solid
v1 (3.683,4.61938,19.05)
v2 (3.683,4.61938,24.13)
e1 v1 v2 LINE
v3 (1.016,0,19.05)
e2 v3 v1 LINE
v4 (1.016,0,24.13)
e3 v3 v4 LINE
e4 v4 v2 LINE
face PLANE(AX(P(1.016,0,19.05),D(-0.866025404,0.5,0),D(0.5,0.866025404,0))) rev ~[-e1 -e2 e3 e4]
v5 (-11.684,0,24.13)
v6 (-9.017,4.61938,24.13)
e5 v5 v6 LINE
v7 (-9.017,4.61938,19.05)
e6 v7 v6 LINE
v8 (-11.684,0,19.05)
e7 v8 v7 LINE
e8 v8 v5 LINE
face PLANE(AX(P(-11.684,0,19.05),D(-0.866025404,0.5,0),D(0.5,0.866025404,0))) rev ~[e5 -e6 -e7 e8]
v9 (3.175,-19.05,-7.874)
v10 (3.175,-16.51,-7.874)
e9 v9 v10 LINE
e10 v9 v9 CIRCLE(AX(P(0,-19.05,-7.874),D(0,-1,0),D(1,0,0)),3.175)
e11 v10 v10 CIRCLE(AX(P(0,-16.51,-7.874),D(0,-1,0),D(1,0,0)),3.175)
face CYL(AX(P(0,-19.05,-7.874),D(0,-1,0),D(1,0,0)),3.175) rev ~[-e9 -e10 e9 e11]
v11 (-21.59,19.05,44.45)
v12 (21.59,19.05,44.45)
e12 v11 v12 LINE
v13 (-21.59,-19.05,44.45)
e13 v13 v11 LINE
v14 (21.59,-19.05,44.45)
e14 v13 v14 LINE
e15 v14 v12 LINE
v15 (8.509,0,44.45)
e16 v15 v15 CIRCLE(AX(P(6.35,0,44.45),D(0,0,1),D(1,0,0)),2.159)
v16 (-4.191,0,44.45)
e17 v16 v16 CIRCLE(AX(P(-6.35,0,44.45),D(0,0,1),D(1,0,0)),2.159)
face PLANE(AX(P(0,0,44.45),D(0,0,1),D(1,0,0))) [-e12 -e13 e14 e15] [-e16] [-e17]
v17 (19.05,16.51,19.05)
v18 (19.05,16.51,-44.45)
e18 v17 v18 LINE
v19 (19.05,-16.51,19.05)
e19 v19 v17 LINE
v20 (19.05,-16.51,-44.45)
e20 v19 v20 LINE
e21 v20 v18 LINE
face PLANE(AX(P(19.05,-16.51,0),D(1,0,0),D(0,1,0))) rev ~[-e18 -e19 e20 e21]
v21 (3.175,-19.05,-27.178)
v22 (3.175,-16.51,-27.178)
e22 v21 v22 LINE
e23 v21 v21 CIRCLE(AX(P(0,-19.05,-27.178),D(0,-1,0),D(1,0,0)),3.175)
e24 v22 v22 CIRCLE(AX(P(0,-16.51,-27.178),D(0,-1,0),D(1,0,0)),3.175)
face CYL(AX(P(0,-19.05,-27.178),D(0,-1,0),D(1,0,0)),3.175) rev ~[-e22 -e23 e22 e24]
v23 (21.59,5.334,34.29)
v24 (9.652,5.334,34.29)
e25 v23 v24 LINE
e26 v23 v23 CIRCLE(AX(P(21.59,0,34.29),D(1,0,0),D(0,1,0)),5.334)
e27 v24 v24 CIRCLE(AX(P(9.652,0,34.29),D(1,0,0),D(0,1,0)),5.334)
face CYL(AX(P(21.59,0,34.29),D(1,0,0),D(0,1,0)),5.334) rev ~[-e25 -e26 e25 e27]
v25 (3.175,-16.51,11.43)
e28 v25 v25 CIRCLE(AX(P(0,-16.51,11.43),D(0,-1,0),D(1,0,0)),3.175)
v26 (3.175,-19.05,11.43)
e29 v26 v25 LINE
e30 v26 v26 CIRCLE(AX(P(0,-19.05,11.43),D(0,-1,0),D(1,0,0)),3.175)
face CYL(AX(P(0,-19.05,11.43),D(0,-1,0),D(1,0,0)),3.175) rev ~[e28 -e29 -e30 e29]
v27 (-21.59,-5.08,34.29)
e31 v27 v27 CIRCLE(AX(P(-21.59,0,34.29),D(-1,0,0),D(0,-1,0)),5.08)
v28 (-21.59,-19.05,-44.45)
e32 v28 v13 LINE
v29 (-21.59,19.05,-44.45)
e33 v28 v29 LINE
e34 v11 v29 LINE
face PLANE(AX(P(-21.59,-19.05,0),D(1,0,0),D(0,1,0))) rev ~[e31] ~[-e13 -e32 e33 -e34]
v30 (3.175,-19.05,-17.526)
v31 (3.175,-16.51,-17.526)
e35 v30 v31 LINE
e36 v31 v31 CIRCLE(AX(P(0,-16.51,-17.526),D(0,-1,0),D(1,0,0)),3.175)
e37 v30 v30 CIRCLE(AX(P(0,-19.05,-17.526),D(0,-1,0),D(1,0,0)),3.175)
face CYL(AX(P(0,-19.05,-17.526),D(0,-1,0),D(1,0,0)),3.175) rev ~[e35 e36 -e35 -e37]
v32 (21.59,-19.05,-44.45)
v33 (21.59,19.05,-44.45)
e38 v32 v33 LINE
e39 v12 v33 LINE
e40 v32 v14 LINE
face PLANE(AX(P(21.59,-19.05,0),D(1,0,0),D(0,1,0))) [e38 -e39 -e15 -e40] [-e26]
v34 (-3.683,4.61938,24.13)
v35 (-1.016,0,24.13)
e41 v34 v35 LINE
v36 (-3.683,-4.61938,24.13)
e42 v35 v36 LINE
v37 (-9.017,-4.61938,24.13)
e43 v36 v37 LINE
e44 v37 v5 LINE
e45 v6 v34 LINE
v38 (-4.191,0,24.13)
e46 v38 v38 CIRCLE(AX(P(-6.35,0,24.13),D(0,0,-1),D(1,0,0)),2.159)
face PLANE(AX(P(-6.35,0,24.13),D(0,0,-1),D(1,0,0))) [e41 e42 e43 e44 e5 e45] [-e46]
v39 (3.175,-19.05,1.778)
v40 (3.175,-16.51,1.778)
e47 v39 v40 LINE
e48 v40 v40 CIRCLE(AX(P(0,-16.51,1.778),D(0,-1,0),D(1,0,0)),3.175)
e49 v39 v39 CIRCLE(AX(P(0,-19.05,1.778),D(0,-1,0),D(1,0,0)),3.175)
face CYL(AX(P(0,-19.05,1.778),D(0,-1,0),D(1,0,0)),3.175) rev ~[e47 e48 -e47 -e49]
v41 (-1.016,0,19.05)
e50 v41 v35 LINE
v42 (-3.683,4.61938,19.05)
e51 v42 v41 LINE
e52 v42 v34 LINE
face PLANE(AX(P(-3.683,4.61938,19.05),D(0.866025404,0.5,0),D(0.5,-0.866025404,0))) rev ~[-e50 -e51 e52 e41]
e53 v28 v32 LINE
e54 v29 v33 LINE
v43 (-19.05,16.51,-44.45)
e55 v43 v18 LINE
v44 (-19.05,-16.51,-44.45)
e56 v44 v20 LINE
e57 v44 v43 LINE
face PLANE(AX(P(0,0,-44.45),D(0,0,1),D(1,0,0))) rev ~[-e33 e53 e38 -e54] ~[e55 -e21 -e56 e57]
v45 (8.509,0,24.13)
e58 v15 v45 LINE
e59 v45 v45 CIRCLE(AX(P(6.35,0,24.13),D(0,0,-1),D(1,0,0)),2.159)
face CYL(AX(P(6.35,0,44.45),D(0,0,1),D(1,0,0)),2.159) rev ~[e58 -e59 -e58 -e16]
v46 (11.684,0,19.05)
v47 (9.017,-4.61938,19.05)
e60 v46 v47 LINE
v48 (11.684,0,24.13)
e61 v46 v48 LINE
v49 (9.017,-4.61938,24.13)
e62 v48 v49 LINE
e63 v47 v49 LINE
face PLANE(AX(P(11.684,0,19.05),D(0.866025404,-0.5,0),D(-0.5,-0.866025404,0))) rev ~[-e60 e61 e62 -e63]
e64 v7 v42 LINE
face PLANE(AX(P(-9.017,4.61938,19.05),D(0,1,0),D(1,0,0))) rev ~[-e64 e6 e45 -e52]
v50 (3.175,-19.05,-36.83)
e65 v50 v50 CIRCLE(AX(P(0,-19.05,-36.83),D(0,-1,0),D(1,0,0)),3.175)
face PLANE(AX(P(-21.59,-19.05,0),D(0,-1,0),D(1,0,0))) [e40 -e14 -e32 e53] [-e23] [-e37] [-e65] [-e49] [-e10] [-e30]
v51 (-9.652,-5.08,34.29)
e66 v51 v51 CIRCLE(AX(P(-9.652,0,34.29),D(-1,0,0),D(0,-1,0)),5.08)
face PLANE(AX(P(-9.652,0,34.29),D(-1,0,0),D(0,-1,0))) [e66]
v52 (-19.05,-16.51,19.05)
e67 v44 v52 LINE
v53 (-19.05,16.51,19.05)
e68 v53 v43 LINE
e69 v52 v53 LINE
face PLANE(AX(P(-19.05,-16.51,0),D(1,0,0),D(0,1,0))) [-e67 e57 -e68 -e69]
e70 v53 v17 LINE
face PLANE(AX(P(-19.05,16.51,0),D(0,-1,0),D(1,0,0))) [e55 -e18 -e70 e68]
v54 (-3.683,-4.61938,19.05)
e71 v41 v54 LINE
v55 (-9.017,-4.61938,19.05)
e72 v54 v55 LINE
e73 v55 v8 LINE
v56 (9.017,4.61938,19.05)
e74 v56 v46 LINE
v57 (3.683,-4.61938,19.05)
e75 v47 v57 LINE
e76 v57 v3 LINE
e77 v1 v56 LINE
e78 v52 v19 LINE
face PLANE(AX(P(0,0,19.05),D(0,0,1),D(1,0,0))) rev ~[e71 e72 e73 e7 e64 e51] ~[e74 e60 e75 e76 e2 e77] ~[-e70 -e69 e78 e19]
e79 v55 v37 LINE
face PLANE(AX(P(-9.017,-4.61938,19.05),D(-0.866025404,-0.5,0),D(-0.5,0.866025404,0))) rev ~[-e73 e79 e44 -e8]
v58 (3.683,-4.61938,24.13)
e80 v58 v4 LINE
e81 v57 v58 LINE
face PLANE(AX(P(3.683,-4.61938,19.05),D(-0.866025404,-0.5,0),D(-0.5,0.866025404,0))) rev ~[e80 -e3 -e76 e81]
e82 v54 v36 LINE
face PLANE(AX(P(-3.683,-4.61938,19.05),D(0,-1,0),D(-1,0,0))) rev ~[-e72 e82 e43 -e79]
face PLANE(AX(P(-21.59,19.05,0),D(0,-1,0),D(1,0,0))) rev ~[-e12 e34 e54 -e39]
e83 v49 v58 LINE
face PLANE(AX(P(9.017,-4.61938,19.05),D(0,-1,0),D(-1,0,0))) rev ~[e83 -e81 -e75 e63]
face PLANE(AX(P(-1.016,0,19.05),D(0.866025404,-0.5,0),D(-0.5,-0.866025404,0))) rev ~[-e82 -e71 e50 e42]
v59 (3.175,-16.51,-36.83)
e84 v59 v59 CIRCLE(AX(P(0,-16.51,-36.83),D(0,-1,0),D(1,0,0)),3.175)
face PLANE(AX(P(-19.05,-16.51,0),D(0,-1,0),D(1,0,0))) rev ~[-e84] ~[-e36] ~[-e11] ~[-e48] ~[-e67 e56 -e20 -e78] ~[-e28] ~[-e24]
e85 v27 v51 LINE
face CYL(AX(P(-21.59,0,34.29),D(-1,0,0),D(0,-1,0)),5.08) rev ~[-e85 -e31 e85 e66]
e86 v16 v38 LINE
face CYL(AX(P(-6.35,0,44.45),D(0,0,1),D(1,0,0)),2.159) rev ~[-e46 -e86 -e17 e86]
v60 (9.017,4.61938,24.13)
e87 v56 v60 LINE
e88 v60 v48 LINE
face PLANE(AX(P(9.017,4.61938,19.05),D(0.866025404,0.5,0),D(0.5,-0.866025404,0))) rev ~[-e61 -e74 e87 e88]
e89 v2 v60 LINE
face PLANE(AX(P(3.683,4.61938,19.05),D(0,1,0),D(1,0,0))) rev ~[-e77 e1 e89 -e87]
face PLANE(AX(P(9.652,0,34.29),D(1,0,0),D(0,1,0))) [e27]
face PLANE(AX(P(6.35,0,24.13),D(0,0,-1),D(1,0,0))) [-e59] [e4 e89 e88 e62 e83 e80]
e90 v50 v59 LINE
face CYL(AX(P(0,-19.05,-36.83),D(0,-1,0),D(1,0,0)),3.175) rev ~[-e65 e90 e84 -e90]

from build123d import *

# Parameters (mm, degrees)
F0_W      = 43.18
F0_H      = 38.1
F0_W_2    = 38.1
F0_H_2    = 33.02
F1_DEPTH  = 44.45
F2_W      = 38.1
F2_H      = 33.02
F2_R      = 2.159
F3_DEPTH  = 25.4
F4_R      = 2.159
F5_DEPTH  = 5.08
F6_R      = 3.175
F7_DEPTH  = 16.256
F8_R      = 5.08
F9_DEPTH  = 11.938
F10_R     = 5.334
F11_DEPTH = 11.938


with BuildPart() as f1:
    # F0 (on Top) → F1 (new body, symmetric)
    with BuildSketch(Plane.XY):
        Rectangle(F0_W, F0_H)
        Rectangle(F0_W_2, F0_H_2, mode=Mode.SUBTRACT)
    extrude(amount=F1_DEPTH, both=True)

    # F2 (on face) → F3 (join)
    with BuildSketch(Plane.XY.offset(44.45)):
        Rectangle(F2_W, F2_H)
        with Locations((-6.35, 0)):
            Circle(F2_R, mode=Mode.SUBTRACT)
        with Locations((6.35, 0)):
            Circle(F2_R, mode=Mode.SUBTRACT)
    extrude(amount=-F3_DEPTH)

    # F4 (on face) → F5 (cut)
    with BuildSketch(Plane(origin=(0, 0, 19.05), x_dir=(1, 0, 0), z_dir=(0, 0, -1))):
        Polygon((9.017, 4.6193795038), (3.683, 4.6193795038), (1.016, 0), (3.683, -4.6193795038), (9.017, -4.6193795038), (11.684, 0), align=None)
        with Locations((6.35, 0)):
            Circle(F4_R, mode=Mode.SUBTRACT)
        Polygon((-3.683, 4.6193795038), (-9.017, 4.6193795038), (-11.684, 0), (-9.017, -4.6193795038), (-3.683, -4.6193795038), (-1.016, 0), align=None)
        with Locations((-6.35, 0)):
            Circle(F4_R, mode=Mode.SUBTRACT)
    extrude(amount=-F5_DEPTH, mode=Mode.SUBTRACT)

    # F6 (on face) → F7 (cut)
    with BuildSketch(Plane.XZ.offset(19.05)):
        with Locations((0, 11.43)):
            Circle(F6_R)
        with Locations((0, 1.778)):
            Circle(F6_R)
        with Locations((0, -7.874)):
            Circle(F6_R)
        with Locations((0, -17.526)):
            Circle(F6_R)
        with Locations((0, -27.178)):
            Circle(F6_R)
        with Locations((0, -36.83)):
            Circle(F6_R)
    extrude(amount=-F7_DEPTH, mode=Mode.SUBTRACT)

    # F8 (on face) → F9 (cut)
    with BuildSketch(Plane(origin=(-21.59, 0, 0), x_dir=(0, -1, 0), z_dir=(-1, 0, 0))):
        with Locations((0, 34.29)):
            Circle(F8_R)
    extrude(amount=-F9_DEPTH, mode=Mode.SUBTRACT)

    # F10 (on face) → F11 (cut)
    with BuildSketch(Plane.YZ.offset(21.59)):
        with Locations((0, 34.29)):
            Circle(F10_R)
    extrude(amount=-F11_DEPTH, mode=Mode.SUBTRACT)


solid = f1.part
